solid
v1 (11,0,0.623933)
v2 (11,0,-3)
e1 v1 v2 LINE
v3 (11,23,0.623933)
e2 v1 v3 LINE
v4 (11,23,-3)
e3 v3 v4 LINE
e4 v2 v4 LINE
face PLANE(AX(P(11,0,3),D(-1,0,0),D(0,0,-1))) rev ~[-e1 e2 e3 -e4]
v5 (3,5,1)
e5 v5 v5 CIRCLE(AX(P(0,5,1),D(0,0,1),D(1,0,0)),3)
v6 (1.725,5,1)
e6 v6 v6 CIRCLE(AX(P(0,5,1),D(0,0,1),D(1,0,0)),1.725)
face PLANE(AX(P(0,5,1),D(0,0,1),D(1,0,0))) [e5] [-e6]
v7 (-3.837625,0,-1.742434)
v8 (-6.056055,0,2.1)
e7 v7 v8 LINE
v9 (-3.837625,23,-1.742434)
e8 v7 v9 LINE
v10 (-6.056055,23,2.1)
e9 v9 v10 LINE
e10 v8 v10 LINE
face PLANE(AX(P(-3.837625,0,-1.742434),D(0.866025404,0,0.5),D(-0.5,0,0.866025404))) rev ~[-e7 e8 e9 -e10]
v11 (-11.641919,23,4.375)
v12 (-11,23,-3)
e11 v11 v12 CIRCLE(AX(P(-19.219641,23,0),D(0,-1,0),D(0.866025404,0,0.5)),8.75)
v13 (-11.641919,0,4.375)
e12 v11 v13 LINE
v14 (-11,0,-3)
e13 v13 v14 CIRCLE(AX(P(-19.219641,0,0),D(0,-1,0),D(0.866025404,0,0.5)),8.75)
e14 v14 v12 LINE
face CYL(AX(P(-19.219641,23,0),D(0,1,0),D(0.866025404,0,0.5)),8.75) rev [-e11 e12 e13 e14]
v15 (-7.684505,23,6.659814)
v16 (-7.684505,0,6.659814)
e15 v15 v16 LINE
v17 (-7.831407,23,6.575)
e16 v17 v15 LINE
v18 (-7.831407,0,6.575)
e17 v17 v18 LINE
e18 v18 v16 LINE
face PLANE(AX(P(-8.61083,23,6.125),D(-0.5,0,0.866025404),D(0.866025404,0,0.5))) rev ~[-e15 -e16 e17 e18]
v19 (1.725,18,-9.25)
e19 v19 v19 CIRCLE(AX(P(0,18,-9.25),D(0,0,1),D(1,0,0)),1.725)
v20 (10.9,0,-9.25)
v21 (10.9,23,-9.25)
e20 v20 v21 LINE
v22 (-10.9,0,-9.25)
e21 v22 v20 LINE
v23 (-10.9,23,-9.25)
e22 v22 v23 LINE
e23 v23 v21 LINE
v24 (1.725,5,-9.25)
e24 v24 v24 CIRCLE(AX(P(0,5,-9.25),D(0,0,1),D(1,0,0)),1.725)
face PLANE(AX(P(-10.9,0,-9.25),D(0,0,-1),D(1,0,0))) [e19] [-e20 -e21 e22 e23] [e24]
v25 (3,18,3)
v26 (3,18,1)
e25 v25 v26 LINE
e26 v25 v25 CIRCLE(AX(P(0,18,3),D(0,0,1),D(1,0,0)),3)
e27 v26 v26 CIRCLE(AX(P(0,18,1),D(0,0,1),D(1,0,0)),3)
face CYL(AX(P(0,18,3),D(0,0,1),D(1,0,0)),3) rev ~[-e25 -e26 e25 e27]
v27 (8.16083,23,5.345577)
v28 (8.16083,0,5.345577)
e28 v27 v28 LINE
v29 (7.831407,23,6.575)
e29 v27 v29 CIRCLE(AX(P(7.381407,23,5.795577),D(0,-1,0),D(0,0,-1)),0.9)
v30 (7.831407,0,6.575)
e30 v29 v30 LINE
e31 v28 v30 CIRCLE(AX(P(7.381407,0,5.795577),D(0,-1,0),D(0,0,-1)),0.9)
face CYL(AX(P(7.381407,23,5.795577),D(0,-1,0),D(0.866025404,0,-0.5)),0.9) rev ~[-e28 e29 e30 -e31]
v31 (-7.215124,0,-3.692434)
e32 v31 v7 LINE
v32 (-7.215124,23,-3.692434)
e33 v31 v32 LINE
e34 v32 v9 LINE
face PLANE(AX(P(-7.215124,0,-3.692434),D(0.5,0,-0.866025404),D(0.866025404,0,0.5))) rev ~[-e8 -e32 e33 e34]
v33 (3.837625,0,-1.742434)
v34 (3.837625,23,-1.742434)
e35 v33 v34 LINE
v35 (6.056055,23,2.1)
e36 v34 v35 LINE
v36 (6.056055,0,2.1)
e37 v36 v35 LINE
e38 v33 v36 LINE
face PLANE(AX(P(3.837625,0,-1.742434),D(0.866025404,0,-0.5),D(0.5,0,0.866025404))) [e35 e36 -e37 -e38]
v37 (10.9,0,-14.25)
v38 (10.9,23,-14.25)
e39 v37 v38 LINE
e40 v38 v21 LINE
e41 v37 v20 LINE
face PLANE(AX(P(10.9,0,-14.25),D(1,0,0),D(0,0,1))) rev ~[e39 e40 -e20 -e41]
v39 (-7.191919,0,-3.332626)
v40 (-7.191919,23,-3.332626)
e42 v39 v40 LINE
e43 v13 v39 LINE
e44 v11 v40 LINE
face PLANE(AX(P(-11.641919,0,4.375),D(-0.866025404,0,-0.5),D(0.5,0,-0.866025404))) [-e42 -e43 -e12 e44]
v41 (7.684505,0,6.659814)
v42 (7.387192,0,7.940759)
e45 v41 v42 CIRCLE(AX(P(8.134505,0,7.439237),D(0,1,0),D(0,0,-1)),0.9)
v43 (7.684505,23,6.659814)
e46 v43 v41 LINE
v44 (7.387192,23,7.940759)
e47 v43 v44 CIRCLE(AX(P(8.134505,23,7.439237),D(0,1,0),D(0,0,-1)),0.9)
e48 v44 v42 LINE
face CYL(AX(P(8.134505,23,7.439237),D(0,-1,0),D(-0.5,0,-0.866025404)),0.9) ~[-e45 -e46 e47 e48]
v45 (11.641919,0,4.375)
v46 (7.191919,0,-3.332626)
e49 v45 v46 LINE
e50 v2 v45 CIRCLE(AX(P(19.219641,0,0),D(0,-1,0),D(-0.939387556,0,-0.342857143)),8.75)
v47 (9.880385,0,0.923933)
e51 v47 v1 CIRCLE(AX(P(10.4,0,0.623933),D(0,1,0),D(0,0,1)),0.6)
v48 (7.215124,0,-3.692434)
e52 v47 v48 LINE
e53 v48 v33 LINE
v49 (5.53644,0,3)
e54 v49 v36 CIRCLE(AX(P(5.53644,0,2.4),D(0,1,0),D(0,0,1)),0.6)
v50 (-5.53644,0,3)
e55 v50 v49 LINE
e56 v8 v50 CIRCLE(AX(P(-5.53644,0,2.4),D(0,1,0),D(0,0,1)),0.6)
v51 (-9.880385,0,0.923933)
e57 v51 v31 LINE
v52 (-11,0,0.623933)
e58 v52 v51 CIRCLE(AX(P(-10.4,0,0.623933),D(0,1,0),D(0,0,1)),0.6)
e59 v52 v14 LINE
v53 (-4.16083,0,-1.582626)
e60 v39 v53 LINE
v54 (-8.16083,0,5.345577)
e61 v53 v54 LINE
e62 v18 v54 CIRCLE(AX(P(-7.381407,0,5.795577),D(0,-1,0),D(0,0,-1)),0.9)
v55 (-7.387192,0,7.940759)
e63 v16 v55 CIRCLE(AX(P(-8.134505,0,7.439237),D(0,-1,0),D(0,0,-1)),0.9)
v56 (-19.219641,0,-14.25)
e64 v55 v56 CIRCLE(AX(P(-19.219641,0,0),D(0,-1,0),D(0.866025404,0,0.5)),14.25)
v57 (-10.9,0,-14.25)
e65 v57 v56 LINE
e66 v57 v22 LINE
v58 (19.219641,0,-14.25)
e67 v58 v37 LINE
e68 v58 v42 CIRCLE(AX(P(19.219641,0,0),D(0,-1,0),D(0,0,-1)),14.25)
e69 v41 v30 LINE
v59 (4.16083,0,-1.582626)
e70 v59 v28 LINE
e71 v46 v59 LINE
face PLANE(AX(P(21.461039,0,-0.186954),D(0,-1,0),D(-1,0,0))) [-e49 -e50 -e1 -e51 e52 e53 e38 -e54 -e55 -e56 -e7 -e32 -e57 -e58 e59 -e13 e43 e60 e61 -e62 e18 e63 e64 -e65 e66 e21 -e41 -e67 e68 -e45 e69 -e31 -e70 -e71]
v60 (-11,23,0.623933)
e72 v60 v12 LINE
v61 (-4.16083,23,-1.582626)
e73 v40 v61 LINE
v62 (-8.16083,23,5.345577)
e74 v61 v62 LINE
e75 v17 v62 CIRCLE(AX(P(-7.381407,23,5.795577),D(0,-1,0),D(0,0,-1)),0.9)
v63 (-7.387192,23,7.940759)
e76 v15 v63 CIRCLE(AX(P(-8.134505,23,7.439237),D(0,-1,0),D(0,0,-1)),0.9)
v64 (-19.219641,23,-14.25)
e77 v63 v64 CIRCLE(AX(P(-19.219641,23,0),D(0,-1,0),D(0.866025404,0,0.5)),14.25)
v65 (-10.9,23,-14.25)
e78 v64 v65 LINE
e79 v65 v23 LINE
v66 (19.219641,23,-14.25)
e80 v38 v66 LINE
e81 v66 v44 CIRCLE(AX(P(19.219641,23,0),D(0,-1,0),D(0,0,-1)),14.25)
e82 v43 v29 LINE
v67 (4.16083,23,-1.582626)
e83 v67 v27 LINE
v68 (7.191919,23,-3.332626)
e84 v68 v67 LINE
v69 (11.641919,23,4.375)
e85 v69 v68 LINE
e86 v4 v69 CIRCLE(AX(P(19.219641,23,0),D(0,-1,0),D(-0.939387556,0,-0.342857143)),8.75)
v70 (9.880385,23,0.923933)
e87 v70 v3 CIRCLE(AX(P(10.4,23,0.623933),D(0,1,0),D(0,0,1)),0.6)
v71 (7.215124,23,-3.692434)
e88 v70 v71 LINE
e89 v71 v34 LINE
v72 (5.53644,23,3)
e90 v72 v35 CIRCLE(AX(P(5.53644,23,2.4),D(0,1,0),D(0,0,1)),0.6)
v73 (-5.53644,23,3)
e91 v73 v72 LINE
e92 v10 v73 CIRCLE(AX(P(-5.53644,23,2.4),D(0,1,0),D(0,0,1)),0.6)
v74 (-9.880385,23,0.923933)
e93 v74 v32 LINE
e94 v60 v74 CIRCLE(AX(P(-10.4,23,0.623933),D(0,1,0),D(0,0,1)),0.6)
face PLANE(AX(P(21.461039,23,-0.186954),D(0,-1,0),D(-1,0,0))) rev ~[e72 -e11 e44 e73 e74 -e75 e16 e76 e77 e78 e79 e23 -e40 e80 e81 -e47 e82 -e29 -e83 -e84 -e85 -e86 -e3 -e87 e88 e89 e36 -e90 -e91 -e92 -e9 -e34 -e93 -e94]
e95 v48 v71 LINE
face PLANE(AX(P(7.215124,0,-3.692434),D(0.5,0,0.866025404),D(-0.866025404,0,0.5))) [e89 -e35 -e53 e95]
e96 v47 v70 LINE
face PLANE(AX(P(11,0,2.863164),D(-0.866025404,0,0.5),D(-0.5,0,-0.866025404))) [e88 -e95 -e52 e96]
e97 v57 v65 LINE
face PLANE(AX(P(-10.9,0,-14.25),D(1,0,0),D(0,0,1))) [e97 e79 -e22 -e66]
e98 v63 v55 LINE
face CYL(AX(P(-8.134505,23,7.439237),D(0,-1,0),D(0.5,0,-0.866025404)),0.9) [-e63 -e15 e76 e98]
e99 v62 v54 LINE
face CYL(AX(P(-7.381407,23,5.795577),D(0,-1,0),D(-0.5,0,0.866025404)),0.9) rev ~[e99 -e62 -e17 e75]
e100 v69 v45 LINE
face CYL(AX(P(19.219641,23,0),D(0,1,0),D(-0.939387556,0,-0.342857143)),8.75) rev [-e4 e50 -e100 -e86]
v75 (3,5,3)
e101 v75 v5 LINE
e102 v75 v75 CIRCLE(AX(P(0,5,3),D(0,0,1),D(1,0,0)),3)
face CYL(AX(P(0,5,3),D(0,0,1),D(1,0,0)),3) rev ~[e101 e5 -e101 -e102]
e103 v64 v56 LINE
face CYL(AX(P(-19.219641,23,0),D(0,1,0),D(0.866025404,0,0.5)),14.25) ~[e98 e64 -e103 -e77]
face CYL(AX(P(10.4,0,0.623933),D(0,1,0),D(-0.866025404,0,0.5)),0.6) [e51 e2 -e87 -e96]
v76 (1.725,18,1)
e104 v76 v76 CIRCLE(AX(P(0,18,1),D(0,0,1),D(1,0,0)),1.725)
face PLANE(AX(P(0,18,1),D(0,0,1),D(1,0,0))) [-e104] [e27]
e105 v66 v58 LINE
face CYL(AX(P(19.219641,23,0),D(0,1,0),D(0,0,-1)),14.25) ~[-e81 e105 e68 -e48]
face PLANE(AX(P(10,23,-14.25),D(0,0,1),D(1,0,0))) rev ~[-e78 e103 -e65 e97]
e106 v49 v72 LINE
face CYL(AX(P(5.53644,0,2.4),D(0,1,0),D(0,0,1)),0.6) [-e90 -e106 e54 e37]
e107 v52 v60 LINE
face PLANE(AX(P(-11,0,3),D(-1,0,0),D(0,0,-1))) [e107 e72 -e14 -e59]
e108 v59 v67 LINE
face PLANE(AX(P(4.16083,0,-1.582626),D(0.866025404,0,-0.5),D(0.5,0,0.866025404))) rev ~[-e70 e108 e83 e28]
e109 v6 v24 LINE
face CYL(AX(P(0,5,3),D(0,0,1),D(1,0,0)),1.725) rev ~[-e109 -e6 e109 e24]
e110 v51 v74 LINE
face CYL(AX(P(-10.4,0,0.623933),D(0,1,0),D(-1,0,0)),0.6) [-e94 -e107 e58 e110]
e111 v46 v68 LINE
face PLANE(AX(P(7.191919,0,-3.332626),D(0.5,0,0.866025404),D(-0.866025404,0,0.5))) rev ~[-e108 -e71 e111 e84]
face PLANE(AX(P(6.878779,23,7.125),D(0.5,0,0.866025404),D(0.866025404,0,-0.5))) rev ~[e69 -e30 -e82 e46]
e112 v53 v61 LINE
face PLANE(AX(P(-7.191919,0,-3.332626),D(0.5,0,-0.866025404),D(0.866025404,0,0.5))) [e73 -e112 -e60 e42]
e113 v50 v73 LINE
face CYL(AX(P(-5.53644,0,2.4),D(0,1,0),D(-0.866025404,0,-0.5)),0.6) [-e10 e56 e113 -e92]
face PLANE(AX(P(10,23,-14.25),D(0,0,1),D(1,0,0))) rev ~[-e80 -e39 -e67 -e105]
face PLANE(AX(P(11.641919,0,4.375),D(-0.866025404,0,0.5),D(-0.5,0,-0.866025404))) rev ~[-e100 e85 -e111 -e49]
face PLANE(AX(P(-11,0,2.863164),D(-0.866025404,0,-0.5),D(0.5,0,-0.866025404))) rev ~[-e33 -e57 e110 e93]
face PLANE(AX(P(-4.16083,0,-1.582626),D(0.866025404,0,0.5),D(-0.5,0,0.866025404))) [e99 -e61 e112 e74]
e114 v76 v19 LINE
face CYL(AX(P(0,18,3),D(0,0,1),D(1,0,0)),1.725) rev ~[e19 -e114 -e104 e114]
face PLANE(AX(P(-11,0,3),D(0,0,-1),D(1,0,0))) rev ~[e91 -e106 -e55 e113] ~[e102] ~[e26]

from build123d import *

# Parameters (mm, degrees)
SKETCH1_W               = 22
SKETCH1_H               = 6
BOSS_EXTRUDE1_DEPTH     = 23
BOSS_EXTRUDE2_DEPTH     = 23
BOSS_EXTRUDE3_DEPTH     = 23
CUT_EXTRUDE1_DEPTH      = 24
SKETCH5_W               = 20
SKETCH5_H               = 2
BOSS_EXTRUDE4_DEPTH     = 45
SKETCH6_W               = 1
SKETCH6_H               = 2
BOSS_EXTRUDE5_DEPTH     = 20
BOSS_EXTRUDE6_DEPTH     = 23
FILLET1_R               = 0.6
BOSS_EXTRUDE7_DEPTH     = 23
FILLET2_R               = 0.9
SKETCH10_W              = 21.8
SKETCH10_H              = 5
CUT_EXTRUDE2_DEPTH      = 23
CUT_EXTRUDE2_DEPTH_BACK = 24
SKETCH11_R              = 1.725
CUT_EXTRUDE3_DEPTH      = 18.25
SKETCH12_R              = 3
CUT_EXTRUDE4_DEPTH      = 2


with BuildPart() as part:
    # Sketch1 → Boss-Extrude1 (new body)
    with BuildSketch(Plane(origin=(0, 0, 0), x_dir=(1, 0, 0), z_dir=(0, 1, 0))):
        Rectangle(SKETCH1_W, SKETCH1_H)
    extrude(amount=BOSS_EXTRUDE1_DEPTH)

    # Sketch2 → Boss-Extrude2 (add)
    with BuildSketch(Plane(origin=(0, 23, 0), x_dir=(1, 0, 0), z_dir=(0, 1, 0))):
        with BuildLine():
            Line((-11, 3), (-7.342667591, 3))
            ThreePointArc((-7.342667591, 3), (-31.353026246, 1.686257741), (-8.610829915, -6.125))
            Line((-8.610829915, -6.125), (-11.641918828, -4.375))
            ThreePointArc((-11.641918828, -4.375), (-27.936683546, 0.758729989), (-11, 3))
        make_face()
        with BuildLine():
            Line((11.641918828, -4.375), (8.610829915, -6.125))
            ThreePointArc((8.610829915, -6.125), (31.353026246, 1.686257741), (7.342667591, 3))
            Line((7.342667591, 3), (11, 3))
            ThreePointArc((11, 3), (27.936683546, 0.758729989), (11.641918828, -4.375))
        make_face()
    extrude(amount=-BOSS_EXTRUDE2_DEPTH)

    # Sketch3 → Boss-Extrude3 (add)
    with BuildSketch(Plane(origin=(0, 23, 0), x_dir=(1, 0, 0), z_dir=(0, 1, 0))):
        with BuildLine():
            Line((-19.219641111, 12.25), (19.219641111, 12.25))
            ThreePointArc((19.219641111, 12.25), (11.692606503, 9.66469089), (7.342667591, 3))
            Line((7.342667591, 3), (-7.342667591, 3))
            ThreePointArc((-7.342667591, 3), (-11.692606503, 9.66469089), (-19.219641111, 12.25))
        make_face()
    extrude(amount=-BOSS_EXTRUDE3_DEPTH)

    # Sketch8 → Cut-Extrude1 (cut, through all)
    with BuildSketch(Plane.XZ):
        Polygon((11, 2.863163975), (7.215123909, -3.692433715), (3.837624834, -1.742433715), (6.575670216, 3), (11, 3), align=None)
        Polygon((-6.575670216, 3), (-11, 3), (-11, 2.863163975), (-7.215123909, -3.692433715), (-3.837624834, -1.742433715), align=None)
    extrude(amount=-CUT_EXTRUDE1_DEPTH, mode=Mode.SUBTRACT)

    # Sketch5 → Boss-Extrude4 (add)
    with BuildSketch(Plane(origin=(0, 23, 0), x_dir=(1, 0, 0), z_dir=(0, 1, 0))):
        with Locations((0, 13.25)):
            Rectangle(SKETCH5_W, SKETCH5_H)
    extrude(amount=-BOSS_EXTRUDE4_DEPTH)

    # Sketch6 → Boss-Extrude5 (add)
    with BuildSketch(Plane.ZY.offset(10)):
        with Locations((-11.75, -21)):
            Rectangle(SKETCH6_W, SKETCH6_H)
        Polygon((-11.25, -20), (-11.25, -22), (-9.25, -22), (-9.25, -1), (-11.25, -1), align=None)
    extrude(amount=-BOSS_EXTRUDE5_DEPTH)

    # Sketch9 → Boss-Extrude6 (add)
    with BuildSketch(Plane.XZ):
        Polygon((4.160829915, -1.582626094), (8.610829915, 6.125), (11.641918828, 4.375), (7.191918828, -3.332626094), align=None)
        Polygon((-7.191918828, -3.332626094), (-4.160829915, -1.582626094), (-8.610829915, 6.125), (-11.641918828, 4.375), align=None)
    extrude(amount=-BOSS_EXTRUDE6_DEPTH)

    # Fillet1
    fillet1_edges = [part.edges().sort_by_distance(p)[0] for p in [
        (11, 11.5, 2.863163975),
        (6.575670216, 11.5, 3),
        (-6.575670216, 11.5, 3),
        (-11, 11.5, 2.863163975),
    ]]
    fillet(fillet1_edges, radius=FILLET1_R)

    # Sketch7 → Boss-Extrude7 (add)
    with BuildSketch(Plane(origin=(0, 23, 0), x_dir=(1, 0, 0), z_dir=(0, 1, 0))):
        with BuildLine():
            Line((10, 14.25), (19.219641111, 14.25))
            ThreePointArc((19.219641111, 14.25), (31.560503115, -7.125), (6.878779107, -7.125))
            Line((6.878779107, -7.125), (8.610829915, -6.125))
            ThreePointArc((8.610829915, -6.125), (29.828452308, -6.125), (19.219641111, 12.25))
            Line((19.219641111, 12.25), (10, 12.25))
            Line((10, 12.25), (10, 14.25))
        make_face()
        with BuildLine():
            Line((-8.610829915, -6.125), (-6.878779107, -7.125))
            ThreePointArc((-6.878779107, -7.125), (-31.560503115, -7.125), (-19.219641111, 14.25))
            Line((-19.219641111, 14.25), (-10, 14.25))
            Line((-10, 14.25), (-10, 12.25))
            Line((-10, 12.25), (-19.219641111, 12.25))
            ThreePointArc((-19.219641111, 12.25), (-29.828452308, -6.125), (-8.610829915, -6.125))
        make_face()
    extrude(amount=-BOSS_EXTRUDE7_DEPTH)

    # Fillet2
    fillet2_edges = [part.edges().sort_by_distance(p)[0] for p in [
        (0, -22, -9.25),
        (-8.610829915, 11.5, 6.125),
        (6.878779107, 11.5, 7.125),
        (10, 0, -13.25),
        (-6.878779107, 11.5, 7.125),
        (-10, 0, -13.25),
        (8.610829915, 11.5, 6.125),
        (0, -22, -14.25),
    ]]
    fillet(fillet2_edges, radius=FILLET2_R)

    # Sketch10 → Cut-Extrude2 (cut, two sides)
    with BuildSketch(Plane.XZ) as cut_extrude2_sk:
        with Locations((0, -11.75)):
            Rectangle(SKETCH10_W, SKETCH10_H)
    extrude(amount=CUT_EXTRUDE2_DEPTH, mode=Mode.SUBTRACT)
    extrude(cut_extrude2_sk.sketch, amount=-CUT_EXTRUDE2_DEPTH_BACK, mode=Mode.SUBTRACT)

    # Sketch11 → Cut-Extrude3 (cut, through all)
    with BuildSketch(Plane.XY.offset(3)):
        with Locations((0, 5)):
            Circle(SKETCH11_R)
        with Locations((0, 18)):
            Circle(SKETCH11_R)
    extrude(amount=-CUT_EXTRUDE3_DEPTH, mode=Mode.SUBTRACT)

    # Sketch12 → Cut-Extrude4 (cut)
    with BuildSketch(Plane.XY.offset(3)):
        with Locations((0, 5)):
            Circle(SKETCH12_R)
        with Locations((0, 18)):
            Circle(SKETCH12_R)
    extrude(amount=-CUT_EXTRUDE4_DEPTH, mode=Mode.SUBTRACT)


solid = part.part
